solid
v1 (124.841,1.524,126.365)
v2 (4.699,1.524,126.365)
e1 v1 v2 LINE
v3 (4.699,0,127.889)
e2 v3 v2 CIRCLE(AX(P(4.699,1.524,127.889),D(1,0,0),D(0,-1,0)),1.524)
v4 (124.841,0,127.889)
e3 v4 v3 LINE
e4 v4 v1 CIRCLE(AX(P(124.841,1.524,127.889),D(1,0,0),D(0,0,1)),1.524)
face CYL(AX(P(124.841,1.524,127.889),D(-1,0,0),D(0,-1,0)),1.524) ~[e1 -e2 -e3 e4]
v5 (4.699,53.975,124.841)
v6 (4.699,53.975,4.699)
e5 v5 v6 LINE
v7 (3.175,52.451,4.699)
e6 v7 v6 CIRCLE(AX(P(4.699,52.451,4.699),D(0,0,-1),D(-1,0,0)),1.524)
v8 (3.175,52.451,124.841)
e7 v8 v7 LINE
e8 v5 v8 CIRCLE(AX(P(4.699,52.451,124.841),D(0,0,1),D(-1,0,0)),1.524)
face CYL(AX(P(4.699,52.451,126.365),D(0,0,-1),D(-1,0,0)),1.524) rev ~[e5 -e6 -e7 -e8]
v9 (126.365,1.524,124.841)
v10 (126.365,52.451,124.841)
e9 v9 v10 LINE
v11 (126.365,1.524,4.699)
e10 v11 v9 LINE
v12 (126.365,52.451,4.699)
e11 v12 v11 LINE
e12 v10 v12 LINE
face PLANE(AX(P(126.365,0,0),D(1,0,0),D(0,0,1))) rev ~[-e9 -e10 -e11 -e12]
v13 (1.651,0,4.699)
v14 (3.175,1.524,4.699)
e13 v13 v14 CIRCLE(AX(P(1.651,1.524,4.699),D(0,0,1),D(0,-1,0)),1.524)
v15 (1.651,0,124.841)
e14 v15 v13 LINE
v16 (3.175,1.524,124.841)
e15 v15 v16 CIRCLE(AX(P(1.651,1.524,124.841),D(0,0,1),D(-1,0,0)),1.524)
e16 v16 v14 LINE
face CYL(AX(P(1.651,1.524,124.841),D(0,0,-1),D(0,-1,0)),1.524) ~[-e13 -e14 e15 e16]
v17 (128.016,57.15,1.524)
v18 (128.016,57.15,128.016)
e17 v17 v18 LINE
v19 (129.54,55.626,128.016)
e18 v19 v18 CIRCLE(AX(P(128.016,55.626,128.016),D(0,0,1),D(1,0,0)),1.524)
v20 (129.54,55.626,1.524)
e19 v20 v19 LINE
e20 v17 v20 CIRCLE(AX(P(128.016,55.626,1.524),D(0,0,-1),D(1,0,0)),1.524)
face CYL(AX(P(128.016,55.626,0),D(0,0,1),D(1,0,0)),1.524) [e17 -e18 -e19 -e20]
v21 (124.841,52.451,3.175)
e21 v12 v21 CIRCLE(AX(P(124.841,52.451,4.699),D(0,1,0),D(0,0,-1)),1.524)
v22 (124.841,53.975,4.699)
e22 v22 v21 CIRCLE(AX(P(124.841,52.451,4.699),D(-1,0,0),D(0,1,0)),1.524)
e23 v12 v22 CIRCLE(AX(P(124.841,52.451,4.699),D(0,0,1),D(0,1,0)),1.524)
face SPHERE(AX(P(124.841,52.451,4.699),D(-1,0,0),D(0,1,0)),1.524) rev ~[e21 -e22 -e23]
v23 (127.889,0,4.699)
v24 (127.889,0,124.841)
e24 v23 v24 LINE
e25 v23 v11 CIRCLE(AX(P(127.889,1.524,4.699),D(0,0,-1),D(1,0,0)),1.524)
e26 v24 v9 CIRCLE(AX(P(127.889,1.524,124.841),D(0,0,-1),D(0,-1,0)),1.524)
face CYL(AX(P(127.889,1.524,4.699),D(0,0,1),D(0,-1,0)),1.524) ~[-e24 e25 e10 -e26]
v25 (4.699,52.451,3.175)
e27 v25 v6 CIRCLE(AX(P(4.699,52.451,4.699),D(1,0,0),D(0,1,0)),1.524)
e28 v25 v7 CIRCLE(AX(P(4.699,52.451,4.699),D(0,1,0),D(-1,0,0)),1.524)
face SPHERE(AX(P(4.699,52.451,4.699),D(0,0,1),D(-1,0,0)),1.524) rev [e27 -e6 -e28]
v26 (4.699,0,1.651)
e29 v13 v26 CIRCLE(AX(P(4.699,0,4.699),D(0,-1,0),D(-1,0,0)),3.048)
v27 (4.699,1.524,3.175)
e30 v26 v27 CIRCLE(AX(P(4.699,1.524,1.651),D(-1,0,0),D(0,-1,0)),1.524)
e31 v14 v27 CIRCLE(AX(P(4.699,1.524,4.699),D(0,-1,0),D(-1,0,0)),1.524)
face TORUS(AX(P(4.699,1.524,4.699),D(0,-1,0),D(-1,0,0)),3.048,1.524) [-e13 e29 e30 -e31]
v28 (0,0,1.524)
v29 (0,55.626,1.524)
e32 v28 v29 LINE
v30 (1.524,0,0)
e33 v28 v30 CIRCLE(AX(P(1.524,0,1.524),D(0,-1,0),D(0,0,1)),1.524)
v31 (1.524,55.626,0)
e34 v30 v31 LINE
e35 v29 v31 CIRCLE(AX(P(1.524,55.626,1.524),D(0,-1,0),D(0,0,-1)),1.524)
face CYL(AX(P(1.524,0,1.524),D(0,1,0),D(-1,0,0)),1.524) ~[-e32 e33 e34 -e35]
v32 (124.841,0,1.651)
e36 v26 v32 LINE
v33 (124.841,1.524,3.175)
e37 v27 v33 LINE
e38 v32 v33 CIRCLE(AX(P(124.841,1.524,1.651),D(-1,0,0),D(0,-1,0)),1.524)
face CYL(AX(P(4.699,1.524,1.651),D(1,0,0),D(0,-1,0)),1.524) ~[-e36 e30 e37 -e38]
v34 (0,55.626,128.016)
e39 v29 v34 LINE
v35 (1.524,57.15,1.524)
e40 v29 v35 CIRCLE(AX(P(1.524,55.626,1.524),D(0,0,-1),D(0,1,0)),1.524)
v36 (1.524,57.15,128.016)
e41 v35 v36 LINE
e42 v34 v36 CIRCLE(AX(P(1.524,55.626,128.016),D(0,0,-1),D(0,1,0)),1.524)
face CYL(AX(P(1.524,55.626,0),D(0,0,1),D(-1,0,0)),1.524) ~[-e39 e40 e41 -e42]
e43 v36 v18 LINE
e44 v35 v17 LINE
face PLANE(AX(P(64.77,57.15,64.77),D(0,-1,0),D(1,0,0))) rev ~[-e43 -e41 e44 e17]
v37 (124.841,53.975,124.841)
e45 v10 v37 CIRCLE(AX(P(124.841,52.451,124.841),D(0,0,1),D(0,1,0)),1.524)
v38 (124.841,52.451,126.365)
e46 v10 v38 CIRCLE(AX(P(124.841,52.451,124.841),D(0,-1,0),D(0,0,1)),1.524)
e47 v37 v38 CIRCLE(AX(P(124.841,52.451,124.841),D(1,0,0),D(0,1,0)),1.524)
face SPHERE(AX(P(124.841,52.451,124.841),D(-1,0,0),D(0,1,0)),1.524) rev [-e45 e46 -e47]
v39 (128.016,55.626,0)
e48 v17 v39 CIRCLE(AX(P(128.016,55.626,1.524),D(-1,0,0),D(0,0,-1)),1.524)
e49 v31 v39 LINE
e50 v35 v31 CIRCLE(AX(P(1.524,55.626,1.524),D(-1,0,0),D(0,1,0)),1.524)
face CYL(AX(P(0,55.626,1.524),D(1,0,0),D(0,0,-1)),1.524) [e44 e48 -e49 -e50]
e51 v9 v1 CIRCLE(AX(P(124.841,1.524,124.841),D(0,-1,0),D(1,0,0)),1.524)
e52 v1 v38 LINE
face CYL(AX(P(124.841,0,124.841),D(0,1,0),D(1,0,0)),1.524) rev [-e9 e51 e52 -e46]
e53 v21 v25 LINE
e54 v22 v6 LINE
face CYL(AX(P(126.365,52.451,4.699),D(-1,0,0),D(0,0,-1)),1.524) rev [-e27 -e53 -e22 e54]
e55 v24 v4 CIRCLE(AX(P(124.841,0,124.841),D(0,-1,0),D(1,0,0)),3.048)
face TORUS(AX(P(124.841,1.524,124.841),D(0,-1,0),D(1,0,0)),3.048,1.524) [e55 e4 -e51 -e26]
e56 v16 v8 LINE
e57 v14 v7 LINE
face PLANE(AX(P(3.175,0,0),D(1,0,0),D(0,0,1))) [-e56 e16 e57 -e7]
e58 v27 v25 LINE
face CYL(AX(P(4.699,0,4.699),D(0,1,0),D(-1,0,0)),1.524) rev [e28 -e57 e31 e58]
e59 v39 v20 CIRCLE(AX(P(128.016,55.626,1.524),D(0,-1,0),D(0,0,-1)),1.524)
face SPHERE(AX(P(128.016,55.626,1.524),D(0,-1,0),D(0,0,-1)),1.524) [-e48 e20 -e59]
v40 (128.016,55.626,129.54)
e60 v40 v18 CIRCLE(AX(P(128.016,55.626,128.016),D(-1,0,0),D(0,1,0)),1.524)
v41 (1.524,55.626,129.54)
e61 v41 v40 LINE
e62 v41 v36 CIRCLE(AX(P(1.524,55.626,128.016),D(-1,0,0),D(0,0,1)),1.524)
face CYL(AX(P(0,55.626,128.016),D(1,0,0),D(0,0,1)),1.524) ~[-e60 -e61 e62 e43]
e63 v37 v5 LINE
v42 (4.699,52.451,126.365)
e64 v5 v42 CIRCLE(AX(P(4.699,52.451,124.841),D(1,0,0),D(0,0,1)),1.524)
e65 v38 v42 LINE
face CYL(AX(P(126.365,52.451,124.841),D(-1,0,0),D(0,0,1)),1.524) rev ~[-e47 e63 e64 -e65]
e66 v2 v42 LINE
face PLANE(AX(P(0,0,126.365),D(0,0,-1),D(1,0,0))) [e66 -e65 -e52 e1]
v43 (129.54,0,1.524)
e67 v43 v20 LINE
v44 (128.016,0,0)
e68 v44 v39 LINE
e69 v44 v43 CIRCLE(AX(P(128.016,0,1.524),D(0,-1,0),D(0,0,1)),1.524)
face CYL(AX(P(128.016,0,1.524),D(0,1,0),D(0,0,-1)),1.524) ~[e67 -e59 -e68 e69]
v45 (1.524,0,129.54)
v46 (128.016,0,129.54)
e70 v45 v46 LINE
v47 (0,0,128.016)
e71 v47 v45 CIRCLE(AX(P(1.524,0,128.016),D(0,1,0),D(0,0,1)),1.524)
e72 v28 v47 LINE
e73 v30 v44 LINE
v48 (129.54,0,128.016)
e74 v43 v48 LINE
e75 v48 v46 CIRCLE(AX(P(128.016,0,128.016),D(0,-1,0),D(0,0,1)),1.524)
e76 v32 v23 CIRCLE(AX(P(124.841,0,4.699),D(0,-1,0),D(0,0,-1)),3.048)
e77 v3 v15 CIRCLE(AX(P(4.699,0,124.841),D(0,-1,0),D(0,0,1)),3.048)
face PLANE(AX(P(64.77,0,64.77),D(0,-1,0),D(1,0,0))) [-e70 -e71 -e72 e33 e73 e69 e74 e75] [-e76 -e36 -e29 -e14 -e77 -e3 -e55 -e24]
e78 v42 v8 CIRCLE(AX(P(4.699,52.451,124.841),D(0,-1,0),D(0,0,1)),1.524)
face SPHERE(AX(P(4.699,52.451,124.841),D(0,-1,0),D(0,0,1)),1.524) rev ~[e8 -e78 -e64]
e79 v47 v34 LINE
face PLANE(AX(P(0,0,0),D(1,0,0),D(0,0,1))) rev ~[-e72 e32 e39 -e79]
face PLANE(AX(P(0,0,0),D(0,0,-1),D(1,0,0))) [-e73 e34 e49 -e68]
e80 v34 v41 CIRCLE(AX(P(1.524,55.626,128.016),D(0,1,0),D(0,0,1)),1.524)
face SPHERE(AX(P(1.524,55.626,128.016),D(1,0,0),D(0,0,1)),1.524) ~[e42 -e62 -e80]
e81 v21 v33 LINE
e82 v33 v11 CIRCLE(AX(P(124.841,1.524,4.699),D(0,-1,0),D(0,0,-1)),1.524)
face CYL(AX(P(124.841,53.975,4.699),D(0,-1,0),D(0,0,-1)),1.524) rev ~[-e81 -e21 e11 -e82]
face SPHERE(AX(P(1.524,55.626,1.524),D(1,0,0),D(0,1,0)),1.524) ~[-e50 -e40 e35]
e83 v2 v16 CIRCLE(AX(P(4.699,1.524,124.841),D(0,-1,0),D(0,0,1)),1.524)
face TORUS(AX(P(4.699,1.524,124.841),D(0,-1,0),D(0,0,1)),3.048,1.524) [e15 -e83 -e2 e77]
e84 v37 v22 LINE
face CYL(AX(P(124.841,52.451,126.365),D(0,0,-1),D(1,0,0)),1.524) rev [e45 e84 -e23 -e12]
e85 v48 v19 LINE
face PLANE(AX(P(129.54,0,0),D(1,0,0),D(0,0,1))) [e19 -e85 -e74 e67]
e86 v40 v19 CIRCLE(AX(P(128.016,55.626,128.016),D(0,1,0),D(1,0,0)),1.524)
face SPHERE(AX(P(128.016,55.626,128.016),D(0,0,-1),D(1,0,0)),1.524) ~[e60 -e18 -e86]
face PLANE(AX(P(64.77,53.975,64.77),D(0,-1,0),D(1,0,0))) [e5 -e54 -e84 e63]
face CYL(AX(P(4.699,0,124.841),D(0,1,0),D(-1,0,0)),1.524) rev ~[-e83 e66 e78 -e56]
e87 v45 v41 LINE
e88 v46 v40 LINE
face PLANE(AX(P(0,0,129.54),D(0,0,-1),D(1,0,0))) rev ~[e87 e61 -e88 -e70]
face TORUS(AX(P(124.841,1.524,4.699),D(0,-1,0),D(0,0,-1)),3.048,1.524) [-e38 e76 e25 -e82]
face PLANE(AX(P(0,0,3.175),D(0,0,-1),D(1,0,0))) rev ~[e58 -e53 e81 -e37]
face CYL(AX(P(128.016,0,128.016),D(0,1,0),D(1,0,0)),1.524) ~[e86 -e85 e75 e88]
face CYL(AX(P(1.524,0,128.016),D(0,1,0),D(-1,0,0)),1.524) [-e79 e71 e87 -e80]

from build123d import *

# Parameters (mm, degrees)
F0_W     = 129.54
F0_H     = 129.54
F1_DEPTH = 57.15
F2_T     = -3.175
F3_R     = 1.524
F4_R     = 1.524
F5_R     = 1.524


with BuildPart() as f1:
    # F0 (on Front) → F1 (new body)
    with BuildSketch(Plane.XZ):
        with Locations((64.77, 64.77)):
            Rectangle(F0_W, F0_H)
    extrude(amount=-F1_DEPTH)

    # F2
    f2_openings = [f1.faces().sort_by_distance(p)[0] for p in [
        (64.77, 0, 64.77),
    ]]
    offset(amount=F2_T, openings=f2_openings)

    # F3
    f3_edges = [f1.edges().sort_by_distance(p)[0] for p in [
        (3.175, 26.9875, 126.365),
        (64.77, 53.975, 126.365),
        (3.175, 53.975, 64.77),
        (3.175, 26.9875, 3.175),
        (64.77, 53.975, 3.175),
        (126.365, 53.975, 64.77),
        (126.365, 26.9875, 126.365),
        (126.365, 26.9875, 3.175),
    ]]
    fillet(f3_edges, radius=F3_R)

    # F4
    f4_edges = [f1.edges().sort_by_distance(p)[0] for p in [
        (129.54, 28.575, 0),
        (64.77, 57.15, 0),
        (129.54, 57.15, 64.77),
        (129.54, 28.575, 129.54),
        (64.77, 57.15, 129.54),
        (0, 28.575, 129.54),
        (0, 57.15, 64.77),
        (0, 28.575, 0),
    ]]
    fillet(f4_edges, radius=F4_R)

    # F5
    f5_edges = [f1.edges().sort_by_distance(p)[0] for p in [
        (64.77, 0, 3.175),
    ]]
    fillet(f5_edges, radius=F5_R)


solid = f1.part
